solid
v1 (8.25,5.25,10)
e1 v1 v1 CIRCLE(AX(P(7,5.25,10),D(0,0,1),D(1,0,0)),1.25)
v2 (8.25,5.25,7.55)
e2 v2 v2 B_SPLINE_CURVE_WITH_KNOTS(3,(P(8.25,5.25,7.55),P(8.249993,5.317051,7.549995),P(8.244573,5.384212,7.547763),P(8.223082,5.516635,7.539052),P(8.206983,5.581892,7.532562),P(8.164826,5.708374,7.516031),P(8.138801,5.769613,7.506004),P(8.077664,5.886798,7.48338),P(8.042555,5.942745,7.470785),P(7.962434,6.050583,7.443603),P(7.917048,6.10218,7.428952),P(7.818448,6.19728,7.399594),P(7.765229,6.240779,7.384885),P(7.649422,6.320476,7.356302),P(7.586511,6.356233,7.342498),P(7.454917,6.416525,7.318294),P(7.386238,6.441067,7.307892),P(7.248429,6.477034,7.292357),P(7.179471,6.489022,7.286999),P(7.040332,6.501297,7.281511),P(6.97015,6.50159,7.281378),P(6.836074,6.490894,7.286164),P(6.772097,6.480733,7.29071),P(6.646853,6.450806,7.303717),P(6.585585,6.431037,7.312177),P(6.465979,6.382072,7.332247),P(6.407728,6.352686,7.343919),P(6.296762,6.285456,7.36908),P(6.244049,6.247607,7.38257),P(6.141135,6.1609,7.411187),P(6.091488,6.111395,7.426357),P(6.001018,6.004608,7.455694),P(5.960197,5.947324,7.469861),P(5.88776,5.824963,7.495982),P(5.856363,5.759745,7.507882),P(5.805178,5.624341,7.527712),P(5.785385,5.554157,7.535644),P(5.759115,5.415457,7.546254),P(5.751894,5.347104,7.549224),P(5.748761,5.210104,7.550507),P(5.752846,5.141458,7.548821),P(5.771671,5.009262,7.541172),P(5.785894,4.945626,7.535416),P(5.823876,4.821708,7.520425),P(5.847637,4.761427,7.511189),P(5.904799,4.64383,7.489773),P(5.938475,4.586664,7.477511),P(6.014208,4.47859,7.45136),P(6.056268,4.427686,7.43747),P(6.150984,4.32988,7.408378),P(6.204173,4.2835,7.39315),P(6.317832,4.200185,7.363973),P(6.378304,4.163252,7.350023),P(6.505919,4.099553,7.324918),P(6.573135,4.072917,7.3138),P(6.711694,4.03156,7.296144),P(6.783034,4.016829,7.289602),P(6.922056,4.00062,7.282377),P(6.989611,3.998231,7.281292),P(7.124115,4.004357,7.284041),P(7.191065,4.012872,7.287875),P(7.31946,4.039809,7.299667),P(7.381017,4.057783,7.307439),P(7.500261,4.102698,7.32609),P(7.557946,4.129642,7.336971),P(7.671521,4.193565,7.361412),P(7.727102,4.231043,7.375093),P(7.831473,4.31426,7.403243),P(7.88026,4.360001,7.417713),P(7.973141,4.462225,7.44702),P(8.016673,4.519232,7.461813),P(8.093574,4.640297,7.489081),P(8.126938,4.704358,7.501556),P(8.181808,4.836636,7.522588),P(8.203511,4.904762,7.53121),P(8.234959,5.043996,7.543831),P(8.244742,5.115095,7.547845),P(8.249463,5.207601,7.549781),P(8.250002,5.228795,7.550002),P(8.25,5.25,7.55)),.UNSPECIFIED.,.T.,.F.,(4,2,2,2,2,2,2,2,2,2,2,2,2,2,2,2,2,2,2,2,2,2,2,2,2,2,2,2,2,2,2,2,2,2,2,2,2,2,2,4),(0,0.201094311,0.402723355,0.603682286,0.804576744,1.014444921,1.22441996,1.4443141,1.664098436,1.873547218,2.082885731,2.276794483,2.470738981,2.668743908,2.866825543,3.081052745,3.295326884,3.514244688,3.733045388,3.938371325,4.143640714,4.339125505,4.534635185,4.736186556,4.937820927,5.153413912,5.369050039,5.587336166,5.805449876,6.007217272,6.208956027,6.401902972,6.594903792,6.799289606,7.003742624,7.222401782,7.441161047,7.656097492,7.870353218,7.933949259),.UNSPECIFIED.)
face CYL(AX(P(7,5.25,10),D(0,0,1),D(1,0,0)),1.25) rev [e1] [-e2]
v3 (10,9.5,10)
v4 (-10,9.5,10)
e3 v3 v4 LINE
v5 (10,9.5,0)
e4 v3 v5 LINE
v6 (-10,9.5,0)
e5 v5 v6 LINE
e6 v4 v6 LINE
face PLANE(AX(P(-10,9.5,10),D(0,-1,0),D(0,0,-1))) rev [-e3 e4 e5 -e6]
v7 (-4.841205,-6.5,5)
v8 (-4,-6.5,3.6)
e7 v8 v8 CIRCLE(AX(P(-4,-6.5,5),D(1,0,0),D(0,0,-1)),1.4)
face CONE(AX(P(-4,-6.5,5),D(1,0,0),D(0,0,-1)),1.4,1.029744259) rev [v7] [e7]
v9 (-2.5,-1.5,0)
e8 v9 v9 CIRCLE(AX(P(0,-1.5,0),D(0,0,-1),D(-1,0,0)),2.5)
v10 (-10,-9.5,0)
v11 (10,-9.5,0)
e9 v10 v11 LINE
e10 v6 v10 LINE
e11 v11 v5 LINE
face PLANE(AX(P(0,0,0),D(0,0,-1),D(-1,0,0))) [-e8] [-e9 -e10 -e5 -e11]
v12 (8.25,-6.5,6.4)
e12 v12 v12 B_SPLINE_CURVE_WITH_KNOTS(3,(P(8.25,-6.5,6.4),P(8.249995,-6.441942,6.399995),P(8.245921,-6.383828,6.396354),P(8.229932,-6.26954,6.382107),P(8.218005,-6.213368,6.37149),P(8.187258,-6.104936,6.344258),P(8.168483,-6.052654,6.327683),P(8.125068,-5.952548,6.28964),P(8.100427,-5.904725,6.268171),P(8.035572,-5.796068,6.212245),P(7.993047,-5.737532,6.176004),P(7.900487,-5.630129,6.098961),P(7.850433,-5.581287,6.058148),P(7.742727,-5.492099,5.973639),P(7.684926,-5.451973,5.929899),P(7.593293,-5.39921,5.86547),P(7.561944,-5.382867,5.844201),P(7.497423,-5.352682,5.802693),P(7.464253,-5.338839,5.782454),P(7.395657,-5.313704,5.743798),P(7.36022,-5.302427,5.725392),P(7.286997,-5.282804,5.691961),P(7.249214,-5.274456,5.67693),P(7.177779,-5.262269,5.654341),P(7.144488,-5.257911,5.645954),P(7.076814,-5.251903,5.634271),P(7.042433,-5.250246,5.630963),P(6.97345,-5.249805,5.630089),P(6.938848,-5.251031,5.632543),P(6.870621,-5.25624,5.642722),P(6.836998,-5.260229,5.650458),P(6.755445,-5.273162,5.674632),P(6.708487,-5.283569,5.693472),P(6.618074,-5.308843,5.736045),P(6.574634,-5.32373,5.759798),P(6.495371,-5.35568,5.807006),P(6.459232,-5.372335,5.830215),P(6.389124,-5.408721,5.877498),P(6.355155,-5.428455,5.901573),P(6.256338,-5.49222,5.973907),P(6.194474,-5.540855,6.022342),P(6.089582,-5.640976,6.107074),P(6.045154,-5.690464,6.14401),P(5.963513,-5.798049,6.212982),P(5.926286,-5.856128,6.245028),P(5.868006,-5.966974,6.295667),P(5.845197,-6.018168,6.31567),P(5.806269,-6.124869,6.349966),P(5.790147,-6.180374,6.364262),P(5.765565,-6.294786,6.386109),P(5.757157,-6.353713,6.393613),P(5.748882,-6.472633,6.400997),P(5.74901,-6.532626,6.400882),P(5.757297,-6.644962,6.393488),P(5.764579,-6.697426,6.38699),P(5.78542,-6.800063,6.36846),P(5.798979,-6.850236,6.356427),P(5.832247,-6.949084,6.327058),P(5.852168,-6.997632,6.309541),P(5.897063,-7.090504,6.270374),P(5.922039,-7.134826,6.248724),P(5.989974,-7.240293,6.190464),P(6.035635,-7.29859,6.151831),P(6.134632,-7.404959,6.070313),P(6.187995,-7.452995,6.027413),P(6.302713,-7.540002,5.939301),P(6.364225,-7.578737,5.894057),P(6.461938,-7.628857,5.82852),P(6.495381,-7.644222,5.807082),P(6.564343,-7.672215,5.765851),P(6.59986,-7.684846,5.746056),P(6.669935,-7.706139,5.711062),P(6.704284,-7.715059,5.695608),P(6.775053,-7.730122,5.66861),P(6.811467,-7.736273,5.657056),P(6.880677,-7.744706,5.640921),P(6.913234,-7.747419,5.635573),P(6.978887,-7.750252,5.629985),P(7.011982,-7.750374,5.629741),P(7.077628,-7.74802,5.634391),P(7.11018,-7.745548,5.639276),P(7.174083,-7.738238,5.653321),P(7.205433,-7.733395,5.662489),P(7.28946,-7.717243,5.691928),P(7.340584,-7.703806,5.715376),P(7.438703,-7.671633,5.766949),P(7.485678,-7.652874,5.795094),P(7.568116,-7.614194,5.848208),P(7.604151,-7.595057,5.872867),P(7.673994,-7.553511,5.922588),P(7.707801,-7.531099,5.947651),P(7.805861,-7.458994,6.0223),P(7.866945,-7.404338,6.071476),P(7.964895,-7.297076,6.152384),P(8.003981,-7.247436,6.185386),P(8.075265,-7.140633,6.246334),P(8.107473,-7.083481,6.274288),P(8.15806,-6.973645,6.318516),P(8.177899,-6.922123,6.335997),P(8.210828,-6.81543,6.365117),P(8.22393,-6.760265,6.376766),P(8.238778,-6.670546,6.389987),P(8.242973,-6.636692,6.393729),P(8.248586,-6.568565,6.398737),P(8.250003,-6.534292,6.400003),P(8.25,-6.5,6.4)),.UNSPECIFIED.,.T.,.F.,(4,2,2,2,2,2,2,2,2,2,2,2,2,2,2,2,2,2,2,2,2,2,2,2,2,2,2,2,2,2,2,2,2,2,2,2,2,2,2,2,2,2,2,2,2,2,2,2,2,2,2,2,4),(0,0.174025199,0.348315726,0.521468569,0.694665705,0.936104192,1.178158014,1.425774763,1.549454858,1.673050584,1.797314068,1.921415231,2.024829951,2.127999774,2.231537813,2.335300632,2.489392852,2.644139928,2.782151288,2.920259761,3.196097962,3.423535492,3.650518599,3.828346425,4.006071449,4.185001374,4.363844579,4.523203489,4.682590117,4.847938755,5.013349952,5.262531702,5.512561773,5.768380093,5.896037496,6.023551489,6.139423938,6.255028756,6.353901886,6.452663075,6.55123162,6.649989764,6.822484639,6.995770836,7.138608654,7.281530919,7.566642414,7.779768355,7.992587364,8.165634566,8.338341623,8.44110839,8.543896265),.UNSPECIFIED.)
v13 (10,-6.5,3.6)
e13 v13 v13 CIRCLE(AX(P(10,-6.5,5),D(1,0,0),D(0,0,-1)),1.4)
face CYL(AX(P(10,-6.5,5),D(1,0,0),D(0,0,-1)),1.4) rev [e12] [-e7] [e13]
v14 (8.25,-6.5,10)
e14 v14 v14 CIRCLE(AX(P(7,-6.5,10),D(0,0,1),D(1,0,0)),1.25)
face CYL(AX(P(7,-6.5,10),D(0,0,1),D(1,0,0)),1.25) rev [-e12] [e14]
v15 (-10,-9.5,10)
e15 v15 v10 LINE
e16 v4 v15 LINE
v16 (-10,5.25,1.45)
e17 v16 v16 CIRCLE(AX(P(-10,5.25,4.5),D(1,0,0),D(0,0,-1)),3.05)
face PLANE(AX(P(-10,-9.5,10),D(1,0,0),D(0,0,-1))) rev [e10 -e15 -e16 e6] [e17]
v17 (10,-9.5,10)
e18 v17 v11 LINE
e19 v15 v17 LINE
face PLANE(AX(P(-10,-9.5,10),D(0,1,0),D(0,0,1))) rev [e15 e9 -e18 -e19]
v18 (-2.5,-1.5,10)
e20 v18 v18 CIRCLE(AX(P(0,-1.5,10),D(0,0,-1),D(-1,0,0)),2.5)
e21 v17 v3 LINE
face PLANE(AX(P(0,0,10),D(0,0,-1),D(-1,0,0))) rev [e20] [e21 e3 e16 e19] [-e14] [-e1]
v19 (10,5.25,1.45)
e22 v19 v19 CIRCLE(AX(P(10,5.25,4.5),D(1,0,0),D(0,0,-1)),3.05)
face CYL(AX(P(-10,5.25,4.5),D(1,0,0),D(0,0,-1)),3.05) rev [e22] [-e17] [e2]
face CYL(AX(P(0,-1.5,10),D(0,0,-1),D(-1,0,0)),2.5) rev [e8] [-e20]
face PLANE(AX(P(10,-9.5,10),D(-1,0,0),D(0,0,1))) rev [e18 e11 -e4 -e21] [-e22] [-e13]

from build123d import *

# Parameters (mm, degrees)
SKETCH1_W                           = 20
SKETCH1_H                           = 19
BOSS_EXTRUDE1_DEPTH                 = 10
SKETCH2_R                           = 2.5
CUT_EXTRUDE1_DEPTH                  = 18.036725037
SKETCH3_R                           = 3.05
CUT_EXTRUDE2_DEPTH                  = 25.295061227
DI_METRO_DE_TALADRO_2_8_2_8_1_D     = 2.8
DI_METRO_DE_TALADRO_2_8_2_8_1_DEPTH = 14
DI_METRO_DE_TALADRO_2_8_2_8_1_TIP   = 0.841204867
TALADRO_ROSCADO_M31_REACH           = 22.387
TALADRO_ROSCADO_M31_BORE_R          = 1.25


with BuildPart() as part:
    # Sketch1 → Boss-Extrude1 (new body)
    with BuildSketch(Plane.XY):
        Rectangle(SKETCH1_W, SKETCH1_H)
    extrude(amount=BOSS_EXTRUDE1_DEPTH)

    # Sketch2 → Cut-Extrude1 (cut, through all)
    with BuildSketch(Plane(origin=(0, 0, 0), x_dir=(-1, 0, 0), z_dir=(0, 0, -1))):
        with Locations((0, -1.5)):
            Circle(SKETCH2_R)
    extrude(amount=-CUT_EXTRUDE1_DEPTH, mode=Mode.SUBTRACT)

    # Sketch3 → Cut-Extrude2 (cut, through all)
    with BuildSketch(Plane(origin=(10, 0, 0), x_dir=(0, 0, -1), z_dir=(1, 0, 0))):
        with Locations((-4.5, 5.25)):
            Circle(SKETCH3_R)
    extrude(amount=-CUT_EXTRUDE2_DEPTH, mode=Mode.SUBTRACT)

    # Diámetro de taladro Ø2.8 (2.8)1
    with Locations(Plane(origin=(10, 0, 0), x_dir=(0, 0, -1), z_dir=(1, 0, 0))):
        with Locations((-5, -6.5)):
            Hole(DI_METRO_DE_TALADRO_2_8_2_8_1_D / 2, depth=DI_METRO_DE_TALADRO_2_8_2_8_1_DEPTH)
            with Locations((0, 0, -(DI_METRO_DE_TALADRO_2_8_2_8_1_DEPTH + DI_METRO_DE_TALADRO_2_8_2_8_1_TIP / 2))):  # 118° drill point
                Cone(0, DI_METRO_DE_TALADRO_2_8_2_8_1_D / 2, DI_METRO_DE_TALADRO_2_8_2_8_1_TIP, mode=Mode.SUBTRACT)

    # Taladro roscado M31 bore → Taladro roscado M31 (cut, up to next)
    with BuildSketch(Plane(origin=(-2.648652683, -2.97524228, 10), x_dir=(1, 0, 0), z_dir=(0, 0, 1)), mode=Mode.PRIVATE) as taladro_roscado_m31_sk1:
        with Locations((9.648652683, 8.22524228)):
            Circle(TALADRO_ROSCADO_M31_BORE_R)
    taladro_roscado_m31_tool1 = extrude(taladro_roscado_m31_sk1.sketch, amount=-TALADRO_ROSCADO_M31_REACH, mode=Mode.PRIVATE) & part.part
    # Taladro roscado M31 bore → Taladro roscado M31 (cut, up to next)
    with BuildSketch(Plane(origin=(-2.648652683, -2.97524228, 10), x_dir=(1, 0, 0), z_dir=(0, 0, 1)), mode=Mode.PRIVATE) as taladro_roscado_m31_sk2:
        with Locations((9.648652683, -3.52475772)):
            Circle(TALADRO_ROSCADO_M31_BORE_R)
    taladro_roscado_m31_tool2 = extrude(taladro_roscado_m31_sk2.sketch, amount=-TALADRO_ROSCADO_M31_REACH, mode=Mode.PRIVATE) & part.part
    add(taladro_roscado_m31_tool1.solids().sort_by_distance((7, 5.25, 10))[0], mode=Mode.SUBTRACT)
    add(taladro_roscado_m31_tool2.solids().sort_by_distance((7, -6.5, 10))[0], mode=Mode.SUBTRACT)


solid = part.part
